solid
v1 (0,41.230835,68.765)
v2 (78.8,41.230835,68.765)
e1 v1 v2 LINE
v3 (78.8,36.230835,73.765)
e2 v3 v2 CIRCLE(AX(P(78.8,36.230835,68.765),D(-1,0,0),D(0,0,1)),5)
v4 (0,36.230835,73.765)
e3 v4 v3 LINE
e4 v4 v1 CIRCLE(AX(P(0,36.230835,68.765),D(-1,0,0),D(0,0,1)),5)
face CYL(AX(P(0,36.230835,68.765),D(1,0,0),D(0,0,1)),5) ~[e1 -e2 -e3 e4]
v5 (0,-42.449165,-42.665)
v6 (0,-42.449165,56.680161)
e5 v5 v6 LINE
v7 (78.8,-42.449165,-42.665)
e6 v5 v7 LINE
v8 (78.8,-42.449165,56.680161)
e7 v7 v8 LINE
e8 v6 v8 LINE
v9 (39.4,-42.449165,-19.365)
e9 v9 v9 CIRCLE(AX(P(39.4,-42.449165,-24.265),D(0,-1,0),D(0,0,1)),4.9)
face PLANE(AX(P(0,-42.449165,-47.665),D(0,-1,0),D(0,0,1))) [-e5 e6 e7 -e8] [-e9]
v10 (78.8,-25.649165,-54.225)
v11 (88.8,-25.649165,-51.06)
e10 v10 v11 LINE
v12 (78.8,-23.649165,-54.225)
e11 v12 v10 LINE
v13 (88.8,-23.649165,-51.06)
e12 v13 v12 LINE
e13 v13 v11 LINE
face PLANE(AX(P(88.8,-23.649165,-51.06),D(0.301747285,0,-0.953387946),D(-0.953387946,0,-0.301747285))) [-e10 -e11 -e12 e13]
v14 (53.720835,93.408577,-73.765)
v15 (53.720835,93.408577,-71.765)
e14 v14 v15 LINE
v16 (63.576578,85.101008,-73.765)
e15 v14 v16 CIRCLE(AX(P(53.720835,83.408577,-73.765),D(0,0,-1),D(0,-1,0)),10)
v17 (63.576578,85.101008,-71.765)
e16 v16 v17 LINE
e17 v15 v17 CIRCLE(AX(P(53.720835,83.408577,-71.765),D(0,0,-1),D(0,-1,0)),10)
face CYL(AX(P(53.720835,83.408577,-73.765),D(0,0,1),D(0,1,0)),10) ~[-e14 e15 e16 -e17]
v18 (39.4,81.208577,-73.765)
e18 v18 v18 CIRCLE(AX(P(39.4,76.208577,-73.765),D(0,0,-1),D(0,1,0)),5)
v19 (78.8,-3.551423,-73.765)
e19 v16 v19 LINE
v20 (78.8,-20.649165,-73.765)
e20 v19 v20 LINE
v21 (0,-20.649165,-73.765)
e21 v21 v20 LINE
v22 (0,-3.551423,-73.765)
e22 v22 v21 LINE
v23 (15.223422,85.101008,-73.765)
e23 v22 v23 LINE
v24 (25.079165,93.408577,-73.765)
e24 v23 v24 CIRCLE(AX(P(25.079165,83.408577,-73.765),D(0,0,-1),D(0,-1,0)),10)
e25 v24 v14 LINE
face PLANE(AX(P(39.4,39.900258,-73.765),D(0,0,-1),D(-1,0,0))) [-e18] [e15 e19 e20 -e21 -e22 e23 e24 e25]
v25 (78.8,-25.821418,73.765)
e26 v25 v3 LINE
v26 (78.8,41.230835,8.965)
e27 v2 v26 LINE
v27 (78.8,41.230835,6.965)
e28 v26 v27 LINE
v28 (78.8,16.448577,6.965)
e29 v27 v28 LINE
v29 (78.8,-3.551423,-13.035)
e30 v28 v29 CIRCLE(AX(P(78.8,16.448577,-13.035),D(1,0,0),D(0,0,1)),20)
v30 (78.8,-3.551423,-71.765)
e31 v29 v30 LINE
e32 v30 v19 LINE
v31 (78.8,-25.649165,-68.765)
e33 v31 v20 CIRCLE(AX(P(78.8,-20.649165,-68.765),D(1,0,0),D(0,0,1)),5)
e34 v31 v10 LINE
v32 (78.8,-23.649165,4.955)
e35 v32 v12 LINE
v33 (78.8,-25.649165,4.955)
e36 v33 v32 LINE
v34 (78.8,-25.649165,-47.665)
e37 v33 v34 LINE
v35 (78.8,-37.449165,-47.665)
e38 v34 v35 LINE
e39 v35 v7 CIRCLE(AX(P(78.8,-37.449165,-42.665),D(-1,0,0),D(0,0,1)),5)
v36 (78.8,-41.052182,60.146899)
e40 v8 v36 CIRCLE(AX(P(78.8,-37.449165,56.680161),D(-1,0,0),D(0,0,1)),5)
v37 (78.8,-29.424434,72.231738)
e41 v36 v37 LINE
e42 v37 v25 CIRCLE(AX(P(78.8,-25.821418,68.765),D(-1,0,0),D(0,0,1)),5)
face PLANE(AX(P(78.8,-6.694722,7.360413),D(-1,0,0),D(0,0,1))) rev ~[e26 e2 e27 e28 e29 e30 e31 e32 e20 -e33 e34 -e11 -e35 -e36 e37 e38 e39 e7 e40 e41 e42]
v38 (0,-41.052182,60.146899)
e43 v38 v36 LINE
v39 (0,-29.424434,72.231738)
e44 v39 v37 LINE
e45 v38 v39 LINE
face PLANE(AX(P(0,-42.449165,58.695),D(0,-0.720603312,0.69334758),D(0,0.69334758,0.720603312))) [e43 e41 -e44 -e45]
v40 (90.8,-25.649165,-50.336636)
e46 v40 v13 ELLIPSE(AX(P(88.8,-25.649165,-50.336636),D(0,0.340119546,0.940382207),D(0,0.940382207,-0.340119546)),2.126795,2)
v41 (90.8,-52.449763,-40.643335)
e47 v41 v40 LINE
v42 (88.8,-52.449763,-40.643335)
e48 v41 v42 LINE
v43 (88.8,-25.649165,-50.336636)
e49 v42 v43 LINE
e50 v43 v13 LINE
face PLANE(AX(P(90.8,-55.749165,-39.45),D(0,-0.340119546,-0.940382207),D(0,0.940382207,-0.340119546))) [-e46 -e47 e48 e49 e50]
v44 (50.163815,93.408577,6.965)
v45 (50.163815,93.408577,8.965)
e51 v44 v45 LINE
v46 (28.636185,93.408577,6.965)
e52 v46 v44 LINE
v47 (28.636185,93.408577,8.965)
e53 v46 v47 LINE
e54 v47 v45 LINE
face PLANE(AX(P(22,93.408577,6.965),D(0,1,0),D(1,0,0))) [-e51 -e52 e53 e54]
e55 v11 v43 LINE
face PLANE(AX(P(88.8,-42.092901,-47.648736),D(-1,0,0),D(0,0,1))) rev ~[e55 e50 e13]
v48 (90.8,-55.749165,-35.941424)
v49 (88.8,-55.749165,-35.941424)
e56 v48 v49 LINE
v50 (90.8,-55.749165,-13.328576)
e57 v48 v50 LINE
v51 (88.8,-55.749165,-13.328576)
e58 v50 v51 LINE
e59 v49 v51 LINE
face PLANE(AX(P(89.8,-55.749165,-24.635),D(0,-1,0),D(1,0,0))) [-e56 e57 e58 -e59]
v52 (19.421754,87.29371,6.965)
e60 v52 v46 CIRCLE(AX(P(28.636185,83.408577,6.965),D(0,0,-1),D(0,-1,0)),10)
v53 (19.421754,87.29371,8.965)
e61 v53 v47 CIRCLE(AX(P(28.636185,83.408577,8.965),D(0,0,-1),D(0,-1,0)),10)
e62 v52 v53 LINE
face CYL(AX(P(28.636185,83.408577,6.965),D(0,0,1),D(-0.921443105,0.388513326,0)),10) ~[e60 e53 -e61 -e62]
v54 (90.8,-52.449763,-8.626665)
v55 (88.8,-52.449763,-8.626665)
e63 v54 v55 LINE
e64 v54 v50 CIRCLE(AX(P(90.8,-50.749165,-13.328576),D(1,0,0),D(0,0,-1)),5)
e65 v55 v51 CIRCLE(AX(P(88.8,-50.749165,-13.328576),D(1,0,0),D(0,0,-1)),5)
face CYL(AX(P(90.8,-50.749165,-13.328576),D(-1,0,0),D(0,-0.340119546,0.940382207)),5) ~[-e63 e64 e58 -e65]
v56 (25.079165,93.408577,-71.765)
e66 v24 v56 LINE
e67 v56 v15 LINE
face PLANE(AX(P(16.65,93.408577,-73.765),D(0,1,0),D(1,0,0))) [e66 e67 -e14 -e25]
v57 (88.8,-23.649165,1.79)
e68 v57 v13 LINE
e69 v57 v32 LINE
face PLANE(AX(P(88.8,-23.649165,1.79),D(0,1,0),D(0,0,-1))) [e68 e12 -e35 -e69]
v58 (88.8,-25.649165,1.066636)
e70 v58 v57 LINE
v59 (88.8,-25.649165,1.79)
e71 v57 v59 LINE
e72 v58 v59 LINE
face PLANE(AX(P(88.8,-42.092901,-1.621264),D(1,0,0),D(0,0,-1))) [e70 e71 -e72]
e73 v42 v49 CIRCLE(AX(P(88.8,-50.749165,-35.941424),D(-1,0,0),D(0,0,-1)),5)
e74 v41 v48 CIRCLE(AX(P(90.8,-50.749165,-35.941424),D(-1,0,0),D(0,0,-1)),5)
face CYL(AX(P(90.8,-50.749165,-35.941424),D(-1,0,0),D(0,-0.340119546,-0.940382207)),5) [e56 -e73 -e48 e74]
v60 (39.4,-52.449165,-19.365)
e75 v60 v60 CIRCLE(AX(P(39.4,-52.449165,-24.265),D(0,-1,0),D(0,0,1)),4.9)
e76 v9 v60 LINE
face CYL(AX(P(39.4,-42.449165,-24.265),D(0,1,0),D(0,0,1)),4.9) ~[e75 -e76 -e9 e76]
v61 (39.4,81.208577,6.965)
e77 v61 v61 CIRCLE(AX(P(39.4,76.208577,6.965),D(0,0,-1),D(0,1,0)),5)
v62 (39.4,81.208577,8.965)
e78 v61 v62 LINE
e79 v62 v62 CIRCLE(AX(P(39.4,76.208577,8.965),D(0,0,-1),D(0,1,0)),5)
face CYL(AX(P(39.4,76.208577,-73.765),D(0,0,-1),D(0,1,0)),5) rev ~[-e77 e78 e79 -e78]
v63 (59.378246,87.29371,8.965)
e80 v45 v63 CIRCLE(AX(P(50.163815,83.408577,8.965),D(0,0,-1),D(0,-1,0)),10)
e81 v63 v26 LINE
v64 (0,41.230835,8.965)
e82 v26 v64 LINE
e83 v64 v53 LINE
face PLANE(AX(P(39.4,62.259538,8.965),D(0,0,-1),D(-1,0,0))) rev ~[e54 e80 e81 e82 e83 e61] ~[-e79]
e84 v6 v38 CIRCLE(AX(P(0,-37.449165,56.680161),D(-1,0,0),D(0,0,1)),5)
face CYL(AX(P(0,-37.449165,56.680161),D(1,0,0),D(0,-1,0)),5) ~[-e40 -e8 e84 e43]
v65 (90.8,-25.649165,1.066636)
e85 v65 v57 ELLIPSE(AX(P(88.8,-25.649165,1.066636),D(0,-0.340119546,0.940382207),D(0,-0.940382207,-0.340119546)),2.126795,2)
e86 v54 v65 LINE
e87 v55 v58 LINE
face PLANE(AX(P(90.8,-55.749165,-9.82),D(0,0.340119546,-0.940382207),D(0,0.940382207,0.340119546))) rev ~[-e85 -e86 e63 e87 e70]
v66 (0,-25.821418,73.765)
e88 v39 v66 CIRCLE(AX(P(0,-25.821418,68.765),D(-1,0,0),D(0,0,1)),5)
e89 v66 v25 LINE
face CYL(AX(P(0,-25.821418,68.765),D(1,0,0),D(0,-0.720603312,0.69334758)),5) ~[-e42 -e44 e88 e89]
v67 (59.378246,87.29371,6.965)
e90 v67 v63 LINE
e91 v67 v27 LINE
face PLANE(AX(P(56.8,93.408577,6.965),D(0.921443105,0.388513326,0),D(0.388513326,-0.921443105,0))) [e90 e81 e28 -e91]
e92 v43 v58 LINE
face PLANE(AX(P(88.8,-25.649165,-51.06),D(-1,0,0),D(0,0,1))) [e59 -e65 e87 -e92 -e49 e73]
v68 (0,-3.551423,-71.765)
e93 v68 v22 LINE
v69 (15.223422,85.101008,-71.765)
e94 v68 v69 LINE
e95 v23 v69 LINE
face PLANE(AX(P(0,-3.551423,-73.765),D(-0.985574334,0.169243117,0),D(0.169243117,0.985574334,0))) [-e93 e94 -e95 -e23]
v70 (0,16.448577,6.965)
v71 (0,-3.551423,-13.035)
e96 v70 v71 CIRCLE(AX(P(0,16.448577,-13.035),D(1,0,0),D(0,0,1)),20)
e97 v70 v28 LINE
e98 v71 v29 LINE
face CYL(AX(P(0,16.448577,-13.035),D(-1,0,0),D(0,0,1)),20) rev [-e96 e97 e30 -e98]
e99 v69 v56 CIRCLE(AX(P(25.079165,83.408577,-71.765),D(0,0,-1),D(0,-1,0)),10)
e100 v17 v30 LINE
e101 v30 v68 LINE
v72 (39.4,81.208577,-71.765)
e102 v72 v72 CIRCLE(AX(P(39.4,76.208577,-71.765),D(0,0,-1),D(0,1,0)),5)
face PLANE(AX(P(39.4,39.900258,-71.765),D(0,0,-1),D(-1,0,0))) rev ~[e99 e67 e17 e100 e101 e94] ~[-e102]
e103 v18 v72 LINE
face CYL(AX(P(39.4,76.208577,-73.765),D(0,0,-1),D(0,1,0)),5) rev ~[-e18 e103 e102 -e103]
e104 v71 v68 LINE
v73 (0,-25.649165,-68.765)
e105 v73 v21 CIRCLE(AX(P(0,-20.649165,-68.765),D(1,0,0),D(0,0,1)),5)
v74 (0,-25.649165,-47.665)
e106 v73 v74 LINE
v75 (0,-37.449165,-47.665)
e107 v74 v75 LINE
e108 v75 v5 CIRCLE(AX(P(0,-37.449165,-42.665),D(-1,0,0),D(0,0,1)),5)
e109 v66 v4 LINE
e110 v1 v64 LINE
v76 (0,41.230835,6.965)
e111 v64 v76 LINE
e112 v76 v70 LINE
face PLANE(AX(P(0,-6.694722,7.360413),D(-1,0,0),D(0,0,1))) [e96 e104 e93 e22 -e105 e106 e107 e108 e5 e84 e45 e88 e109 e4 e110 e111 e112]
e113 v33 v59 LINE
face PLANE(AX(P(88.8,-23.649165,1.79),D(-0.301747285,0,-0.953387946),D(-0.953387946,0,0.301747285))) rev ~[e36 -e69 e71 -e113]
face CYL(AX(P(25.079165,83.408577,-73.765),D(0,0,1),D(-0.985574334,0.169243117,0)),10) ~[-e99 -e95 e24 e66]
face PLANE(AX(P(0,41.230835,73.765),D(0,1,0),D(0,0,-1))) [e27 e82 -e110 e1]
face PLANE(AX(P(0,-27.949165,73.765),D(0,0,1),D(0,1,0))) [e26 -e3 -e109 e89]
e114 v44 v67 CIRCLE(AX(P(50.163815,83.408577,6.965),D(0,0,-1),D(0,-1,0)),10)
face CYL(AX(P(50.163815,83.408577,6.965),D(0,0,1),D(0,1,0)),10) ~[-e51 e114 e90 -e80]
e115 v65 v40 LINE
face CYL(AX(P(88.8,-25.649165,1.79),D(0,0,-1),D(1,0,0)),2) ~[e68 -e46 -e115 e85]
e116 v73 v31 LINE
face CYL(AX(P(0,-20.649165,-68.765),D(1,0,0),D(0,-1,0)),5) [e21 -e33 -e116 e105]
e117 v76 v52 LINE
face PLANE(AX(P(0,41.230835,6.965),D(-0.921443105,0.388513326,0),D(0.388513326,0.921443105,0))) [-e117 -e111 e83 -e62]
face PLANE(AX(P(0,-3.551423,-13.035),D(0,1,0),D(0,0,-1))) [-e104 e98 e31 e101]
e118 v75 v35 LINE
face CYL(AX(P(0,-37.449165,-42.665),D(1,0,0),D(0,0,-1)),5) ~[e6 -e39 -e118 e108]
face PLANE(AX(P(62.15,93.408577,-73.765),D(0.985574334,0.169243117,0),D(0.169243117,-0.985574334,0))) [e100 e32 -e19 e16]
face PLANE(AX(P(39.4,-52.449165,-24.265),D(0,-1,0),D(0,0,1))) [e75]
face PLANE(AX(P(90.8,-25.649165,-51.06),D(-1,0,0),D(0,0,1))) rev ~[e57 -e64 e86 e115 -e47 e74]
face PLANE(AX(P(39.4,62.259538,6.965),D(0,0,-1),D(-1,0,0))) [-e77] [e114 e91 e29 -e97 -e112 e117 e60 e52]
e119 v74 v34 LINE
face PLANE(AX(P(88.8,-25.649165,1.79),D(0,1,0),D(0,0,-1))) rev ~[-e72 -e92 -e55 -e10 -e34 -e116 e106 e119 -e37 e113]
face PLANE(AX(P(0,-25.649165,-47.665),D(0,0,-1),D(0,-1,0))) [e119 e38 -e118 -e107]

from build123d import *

# Parameters (mm, degrees)
BOSS_EXTRUDE1_DEPTH = 78.8
BOSS_EXTRUDE2_DEPTH = 2
FILLET2_R           = 10
BOSS_EXTRUDE3_DEPTH = 2
FILLET3_R           = 10
FILLET6_R           = 5
CUT_EXTRUDE1_REACH  = 193.572
SKETCH6_R           = 5
BOSS_EXTRUDE4_DEPTH = 10
CUT_EXTRUDE2_REACH  = 166.406
SKETCH10_W          = 52.85
SKETCH10_H          = 2
BOSS_EXTRUDE5_DEPTH = 2
SKETCH11_W          = 2
SKETCH11_H          = 52.85
BOSS_EXTRUDE6_DEPTH = 30.1
CUT_EXTRUDE3_DEPTH  = 2
FILLET9_R           = 5
FILLET11_R          = 2
SKETCH13_R          = 4.9
BOSS_EXTRUDE7_DEPTH = 10


with BuildPart() as part:
    # Sketch2 → Boss-Extrude1 (new body)
    with BuildSketch(Plane(origin=(0, 0, 0), x_dir=(0, 0, -1), z_dir=(1, 0, 0))):
        with BuildLine():
            Line((73.765, -25.649165393), (47.665, -25.649165393))
            Line((47.665, -25.649165393), (47.665, -42.449165393))
            Line((47.665, -42.449165393), (-58.695, -42.449165393))
            Line((-58.695, -42.449165393), (-73.765, -27.949165393))
            Line((-73.765, -27.949165393), (-73.765, 41.230834607))
            Line((-73.765, 41.230834607), (-6.965, 41.230834607))
            Line((-6.965, 41.230834607), (-6.965, 16.448577099))
            ThreePointArc((-6.965, 16.448577099), (-1.107135624, 2.306441476), (13.035, -3.551422901))
            Line((13.035, -3.551422901), (73.765, -3.551422901))
            Line((73.765, -3.551422901), (73.765, -25.649165393))
        make_face()
    extrude(amount=BOSS_EXTRUDE1_DEPTH)

    # Sketch4 → Boss-Extrude2 (add)
    with BuildSketch(Plane(origin=(0, 0, -73.765), x_dir=(-1, 0, 0), z_dir=(0, 0, -1))):
        Polygon((-78.8, -3.551422901), (0, -3.551422901), (-16.65, 93.408577099), (-62.15, 93.408577099), align=None)
    extrude(amount=-BOSS_EXTRUDE2_DEPTH)

    # Fillet2
    fillet2_edges = [part.edges().sort_by_distance(p)[0] for p in [
        (62.15, 93.408577099, -72.765),
        (16.65, 93.408577099, -72.765),
    ]]
    fillet(fillet2_edges, radius=FILLET2_R)

    # Sketch5 → Boss-Extrude3 (add)
    with BuildSketch(Plane(origin=(0, 0, 6.965), x_dir=(-1, 0, 0), z_dir=(0, 0, -1))):
        Polygon((-78.8, 41.230834607), (0, 41.230834607), (-22, 93.408577099), (-56.8, 93.408577099), align=None)
    extrude(amount=-BOSS_EXTRUDE3_DEPTH)

    # Fillet3
    fillet3_edges = [part.edges().sort_by_distance(p)[0] for p in [
        (56.8, 93.408577099, 7.965),
        (22, 93.408577099, 7.965),
    ]]
    fillet(fillet3_edges, radius=FILLET3_R)

    # Fillet6
    fillet6_edges = [part.edges().sort_by_distance(p)[0] for p in [
        (39.4, 41.230834607, 73.765),
        (39.4, -25.649165393, -73.765),
        (39.4, -42.449165393, -47.665),
        (39.4, -42.449165393, 58.695),
        (39.4, -27.949165393, 73.765),
    ]]
    fillet(fillet6_edges, radius=FILLET6_R)

    # Cut-Extrude1: up to this face of the body (flat: up to its plane)
    cut_extrude1_end = Plane(part.part.faces().sort_by_distance((39.4, 63.802944074, 8.965))[0])
    # Sketch6 → Cut-Extrude1 (cut, up to the picked face)
    with BuildSketch(Plane(origin=(0, 0, -73.765), x_dir=(-1, 0, 0), z_dir=(0, 0, -1)), mode=Mode.PRIVATE) as cut_extrude1_sk1:
        with Locations(Location((-39.4, 76.208577099, 0), (0, 0, 90))):
            Circle(SKETCH6_R)
    cut_extrude1_tool1 = split(extrude(cut_extrude1_sk1.sketch, amount=-CUT_EXTRUDE1_REACH, mode=Mode.PRIVATE), bisect_by=cut_extrude1_end, keep=Keep.BOTH, mode=Mode.PRIVATE)
    add(cut_extrude1_tool1.solids().sort_by(Axis((39.4, 76.208577, -73.765), (0, 0, 1)))[0], mode=Mode.SUBTRACT)

    # Sketch7 → Boss-Extrude4 (add)
    with BuildSketch(Plane(origin=(78.8, 0, 0), x_dir=(0, 0, -1), z_dir=(1, 0, 0))):
        Polygon((54.225, -25.649165393), (47.665, -25.649165393), (-4.955, -25.649165393), (-4.955, -23.649165393), (54.225, -23.649165393), align=None)
    extrude(amount=BOSS_EXTRUDE4_DEPTH)

    # Sketch9 → Cut-Extrude2 (cut, up to next)
    with BuildSketch(Plane(origin=(0, -23.649165393, 0), x_dir=(1, 0, 0), z_dir=(0, 1, 0)), mode=Mode.PRIVATE) as cut_extrude2_sk1:
        Polygon((88.8, 51.06), (78.8, 54.225), (88.8, 54.225), align=None)
    cut_extrude2_tool1 = extrude(cut_extrude2_sk1.sketch, amount=-CUT_EXTRUDE2_REACH, mode=Mode.PRIVATE) & part.part
    # Sketch9 → Cut-Extrude2 (cut, up to next)
    with BuildSketch(Plane(origin=(0, -23.649165393, 0), x_dir=(1, 0, 0), z_dir=(0, 1, 0)), mode=Mode.PRIVATE) as cut_extrude2_sk2:
        Polygon((88.8, -1.79), (78.8, -4.955), (88.8, -4.955), align=None)
    cut_extrude2_tool2 = extrude(cut_extrude2_sk2.sketch, amount=-CUT_EXTRUDE2_REACH, mode=Mode.PRIVATE) & part.part
    add(cut_extrude2_tool1.solids().sort_by_distance((85.466667, -23.649165, -53.17))[0], mode=Mode.SUBTRACT)
    add(cut_extrude2_tool2.solids().sort_by_distance((85.466667, -23.649165, 3.9))[0], mode=Mode.SUBTRACT)

    # Sketch10 → Boss-Extrude5 (add)
    with BuildSketch(Plane(origin=(88.8, 0, 0), x_dir=(0, 0, -1), z_dir=(1, 0, 0))):
        with Locations((24.635, -24.649165393)):
            Rectangle(SKETCH10_W, SKETCH10_H)
    extrude(amount=BOSS_EXTRUDE5_DEPTH)

    # Sketch11 → Boss-Extrude6 (add)
    with BuildSketch(Plane.XZ.offset(25.649165393)):
        with Locations((89.8, -24.635)):
            Rectangle(SKETCH11_W, SKETCH11_H)
    extrude(amount=BOSS_EXTRUDE6_DEPTH)

    # Sketch12 → Cut-Extrude3 (cut)
    with BuildSketch(Plane(origin=(90.8, 0, 0), x_dir=(0, 0, -1), z_dir=(1, 0, 0))):
        Polygon((9.82, -55.749165393), (-1.79, -23.649165393), (-1.79, -55.749165393), align=None)
        Polygon((39.45, -55.749165393), (51.06, -23.649165393), (51.06, -55.749165393), align=None)
    extrude(amount=-CUT_EXTRUDE3_DEPTH, mode=Mode.SUBTRACT)

    # Fillet9
    fillet9_edges = [part.edges().sort_by_distance(p)[0] for p in [
        (89.8, -55.749165393, -9.82),
        (89.8, -55.749165393, -39.45),
    ]]
    fillet(fillet9_edges, radius=FILLET9_R)

    # Fillet11
    fillet11_edges = [part.edges().sort_by_distance(p)[0] for p in [
        (90.8, -23.649165393, -24.635),
    ]]
    fillet(fillet11_edges, radius=FILLET11_R)

    # Sketch13 → Boss-Extrude7 (add)
    with BuildSketch(Plane.XZ.offset(42.449165393)):
        with Locations(Location((39.4, -24.265, 0), (0, 0, 90))):
            Circle(SKETCH13_R)
    extrude(amount=BOSS_EXTRUDE7_DEPTH)


solid = part.part
